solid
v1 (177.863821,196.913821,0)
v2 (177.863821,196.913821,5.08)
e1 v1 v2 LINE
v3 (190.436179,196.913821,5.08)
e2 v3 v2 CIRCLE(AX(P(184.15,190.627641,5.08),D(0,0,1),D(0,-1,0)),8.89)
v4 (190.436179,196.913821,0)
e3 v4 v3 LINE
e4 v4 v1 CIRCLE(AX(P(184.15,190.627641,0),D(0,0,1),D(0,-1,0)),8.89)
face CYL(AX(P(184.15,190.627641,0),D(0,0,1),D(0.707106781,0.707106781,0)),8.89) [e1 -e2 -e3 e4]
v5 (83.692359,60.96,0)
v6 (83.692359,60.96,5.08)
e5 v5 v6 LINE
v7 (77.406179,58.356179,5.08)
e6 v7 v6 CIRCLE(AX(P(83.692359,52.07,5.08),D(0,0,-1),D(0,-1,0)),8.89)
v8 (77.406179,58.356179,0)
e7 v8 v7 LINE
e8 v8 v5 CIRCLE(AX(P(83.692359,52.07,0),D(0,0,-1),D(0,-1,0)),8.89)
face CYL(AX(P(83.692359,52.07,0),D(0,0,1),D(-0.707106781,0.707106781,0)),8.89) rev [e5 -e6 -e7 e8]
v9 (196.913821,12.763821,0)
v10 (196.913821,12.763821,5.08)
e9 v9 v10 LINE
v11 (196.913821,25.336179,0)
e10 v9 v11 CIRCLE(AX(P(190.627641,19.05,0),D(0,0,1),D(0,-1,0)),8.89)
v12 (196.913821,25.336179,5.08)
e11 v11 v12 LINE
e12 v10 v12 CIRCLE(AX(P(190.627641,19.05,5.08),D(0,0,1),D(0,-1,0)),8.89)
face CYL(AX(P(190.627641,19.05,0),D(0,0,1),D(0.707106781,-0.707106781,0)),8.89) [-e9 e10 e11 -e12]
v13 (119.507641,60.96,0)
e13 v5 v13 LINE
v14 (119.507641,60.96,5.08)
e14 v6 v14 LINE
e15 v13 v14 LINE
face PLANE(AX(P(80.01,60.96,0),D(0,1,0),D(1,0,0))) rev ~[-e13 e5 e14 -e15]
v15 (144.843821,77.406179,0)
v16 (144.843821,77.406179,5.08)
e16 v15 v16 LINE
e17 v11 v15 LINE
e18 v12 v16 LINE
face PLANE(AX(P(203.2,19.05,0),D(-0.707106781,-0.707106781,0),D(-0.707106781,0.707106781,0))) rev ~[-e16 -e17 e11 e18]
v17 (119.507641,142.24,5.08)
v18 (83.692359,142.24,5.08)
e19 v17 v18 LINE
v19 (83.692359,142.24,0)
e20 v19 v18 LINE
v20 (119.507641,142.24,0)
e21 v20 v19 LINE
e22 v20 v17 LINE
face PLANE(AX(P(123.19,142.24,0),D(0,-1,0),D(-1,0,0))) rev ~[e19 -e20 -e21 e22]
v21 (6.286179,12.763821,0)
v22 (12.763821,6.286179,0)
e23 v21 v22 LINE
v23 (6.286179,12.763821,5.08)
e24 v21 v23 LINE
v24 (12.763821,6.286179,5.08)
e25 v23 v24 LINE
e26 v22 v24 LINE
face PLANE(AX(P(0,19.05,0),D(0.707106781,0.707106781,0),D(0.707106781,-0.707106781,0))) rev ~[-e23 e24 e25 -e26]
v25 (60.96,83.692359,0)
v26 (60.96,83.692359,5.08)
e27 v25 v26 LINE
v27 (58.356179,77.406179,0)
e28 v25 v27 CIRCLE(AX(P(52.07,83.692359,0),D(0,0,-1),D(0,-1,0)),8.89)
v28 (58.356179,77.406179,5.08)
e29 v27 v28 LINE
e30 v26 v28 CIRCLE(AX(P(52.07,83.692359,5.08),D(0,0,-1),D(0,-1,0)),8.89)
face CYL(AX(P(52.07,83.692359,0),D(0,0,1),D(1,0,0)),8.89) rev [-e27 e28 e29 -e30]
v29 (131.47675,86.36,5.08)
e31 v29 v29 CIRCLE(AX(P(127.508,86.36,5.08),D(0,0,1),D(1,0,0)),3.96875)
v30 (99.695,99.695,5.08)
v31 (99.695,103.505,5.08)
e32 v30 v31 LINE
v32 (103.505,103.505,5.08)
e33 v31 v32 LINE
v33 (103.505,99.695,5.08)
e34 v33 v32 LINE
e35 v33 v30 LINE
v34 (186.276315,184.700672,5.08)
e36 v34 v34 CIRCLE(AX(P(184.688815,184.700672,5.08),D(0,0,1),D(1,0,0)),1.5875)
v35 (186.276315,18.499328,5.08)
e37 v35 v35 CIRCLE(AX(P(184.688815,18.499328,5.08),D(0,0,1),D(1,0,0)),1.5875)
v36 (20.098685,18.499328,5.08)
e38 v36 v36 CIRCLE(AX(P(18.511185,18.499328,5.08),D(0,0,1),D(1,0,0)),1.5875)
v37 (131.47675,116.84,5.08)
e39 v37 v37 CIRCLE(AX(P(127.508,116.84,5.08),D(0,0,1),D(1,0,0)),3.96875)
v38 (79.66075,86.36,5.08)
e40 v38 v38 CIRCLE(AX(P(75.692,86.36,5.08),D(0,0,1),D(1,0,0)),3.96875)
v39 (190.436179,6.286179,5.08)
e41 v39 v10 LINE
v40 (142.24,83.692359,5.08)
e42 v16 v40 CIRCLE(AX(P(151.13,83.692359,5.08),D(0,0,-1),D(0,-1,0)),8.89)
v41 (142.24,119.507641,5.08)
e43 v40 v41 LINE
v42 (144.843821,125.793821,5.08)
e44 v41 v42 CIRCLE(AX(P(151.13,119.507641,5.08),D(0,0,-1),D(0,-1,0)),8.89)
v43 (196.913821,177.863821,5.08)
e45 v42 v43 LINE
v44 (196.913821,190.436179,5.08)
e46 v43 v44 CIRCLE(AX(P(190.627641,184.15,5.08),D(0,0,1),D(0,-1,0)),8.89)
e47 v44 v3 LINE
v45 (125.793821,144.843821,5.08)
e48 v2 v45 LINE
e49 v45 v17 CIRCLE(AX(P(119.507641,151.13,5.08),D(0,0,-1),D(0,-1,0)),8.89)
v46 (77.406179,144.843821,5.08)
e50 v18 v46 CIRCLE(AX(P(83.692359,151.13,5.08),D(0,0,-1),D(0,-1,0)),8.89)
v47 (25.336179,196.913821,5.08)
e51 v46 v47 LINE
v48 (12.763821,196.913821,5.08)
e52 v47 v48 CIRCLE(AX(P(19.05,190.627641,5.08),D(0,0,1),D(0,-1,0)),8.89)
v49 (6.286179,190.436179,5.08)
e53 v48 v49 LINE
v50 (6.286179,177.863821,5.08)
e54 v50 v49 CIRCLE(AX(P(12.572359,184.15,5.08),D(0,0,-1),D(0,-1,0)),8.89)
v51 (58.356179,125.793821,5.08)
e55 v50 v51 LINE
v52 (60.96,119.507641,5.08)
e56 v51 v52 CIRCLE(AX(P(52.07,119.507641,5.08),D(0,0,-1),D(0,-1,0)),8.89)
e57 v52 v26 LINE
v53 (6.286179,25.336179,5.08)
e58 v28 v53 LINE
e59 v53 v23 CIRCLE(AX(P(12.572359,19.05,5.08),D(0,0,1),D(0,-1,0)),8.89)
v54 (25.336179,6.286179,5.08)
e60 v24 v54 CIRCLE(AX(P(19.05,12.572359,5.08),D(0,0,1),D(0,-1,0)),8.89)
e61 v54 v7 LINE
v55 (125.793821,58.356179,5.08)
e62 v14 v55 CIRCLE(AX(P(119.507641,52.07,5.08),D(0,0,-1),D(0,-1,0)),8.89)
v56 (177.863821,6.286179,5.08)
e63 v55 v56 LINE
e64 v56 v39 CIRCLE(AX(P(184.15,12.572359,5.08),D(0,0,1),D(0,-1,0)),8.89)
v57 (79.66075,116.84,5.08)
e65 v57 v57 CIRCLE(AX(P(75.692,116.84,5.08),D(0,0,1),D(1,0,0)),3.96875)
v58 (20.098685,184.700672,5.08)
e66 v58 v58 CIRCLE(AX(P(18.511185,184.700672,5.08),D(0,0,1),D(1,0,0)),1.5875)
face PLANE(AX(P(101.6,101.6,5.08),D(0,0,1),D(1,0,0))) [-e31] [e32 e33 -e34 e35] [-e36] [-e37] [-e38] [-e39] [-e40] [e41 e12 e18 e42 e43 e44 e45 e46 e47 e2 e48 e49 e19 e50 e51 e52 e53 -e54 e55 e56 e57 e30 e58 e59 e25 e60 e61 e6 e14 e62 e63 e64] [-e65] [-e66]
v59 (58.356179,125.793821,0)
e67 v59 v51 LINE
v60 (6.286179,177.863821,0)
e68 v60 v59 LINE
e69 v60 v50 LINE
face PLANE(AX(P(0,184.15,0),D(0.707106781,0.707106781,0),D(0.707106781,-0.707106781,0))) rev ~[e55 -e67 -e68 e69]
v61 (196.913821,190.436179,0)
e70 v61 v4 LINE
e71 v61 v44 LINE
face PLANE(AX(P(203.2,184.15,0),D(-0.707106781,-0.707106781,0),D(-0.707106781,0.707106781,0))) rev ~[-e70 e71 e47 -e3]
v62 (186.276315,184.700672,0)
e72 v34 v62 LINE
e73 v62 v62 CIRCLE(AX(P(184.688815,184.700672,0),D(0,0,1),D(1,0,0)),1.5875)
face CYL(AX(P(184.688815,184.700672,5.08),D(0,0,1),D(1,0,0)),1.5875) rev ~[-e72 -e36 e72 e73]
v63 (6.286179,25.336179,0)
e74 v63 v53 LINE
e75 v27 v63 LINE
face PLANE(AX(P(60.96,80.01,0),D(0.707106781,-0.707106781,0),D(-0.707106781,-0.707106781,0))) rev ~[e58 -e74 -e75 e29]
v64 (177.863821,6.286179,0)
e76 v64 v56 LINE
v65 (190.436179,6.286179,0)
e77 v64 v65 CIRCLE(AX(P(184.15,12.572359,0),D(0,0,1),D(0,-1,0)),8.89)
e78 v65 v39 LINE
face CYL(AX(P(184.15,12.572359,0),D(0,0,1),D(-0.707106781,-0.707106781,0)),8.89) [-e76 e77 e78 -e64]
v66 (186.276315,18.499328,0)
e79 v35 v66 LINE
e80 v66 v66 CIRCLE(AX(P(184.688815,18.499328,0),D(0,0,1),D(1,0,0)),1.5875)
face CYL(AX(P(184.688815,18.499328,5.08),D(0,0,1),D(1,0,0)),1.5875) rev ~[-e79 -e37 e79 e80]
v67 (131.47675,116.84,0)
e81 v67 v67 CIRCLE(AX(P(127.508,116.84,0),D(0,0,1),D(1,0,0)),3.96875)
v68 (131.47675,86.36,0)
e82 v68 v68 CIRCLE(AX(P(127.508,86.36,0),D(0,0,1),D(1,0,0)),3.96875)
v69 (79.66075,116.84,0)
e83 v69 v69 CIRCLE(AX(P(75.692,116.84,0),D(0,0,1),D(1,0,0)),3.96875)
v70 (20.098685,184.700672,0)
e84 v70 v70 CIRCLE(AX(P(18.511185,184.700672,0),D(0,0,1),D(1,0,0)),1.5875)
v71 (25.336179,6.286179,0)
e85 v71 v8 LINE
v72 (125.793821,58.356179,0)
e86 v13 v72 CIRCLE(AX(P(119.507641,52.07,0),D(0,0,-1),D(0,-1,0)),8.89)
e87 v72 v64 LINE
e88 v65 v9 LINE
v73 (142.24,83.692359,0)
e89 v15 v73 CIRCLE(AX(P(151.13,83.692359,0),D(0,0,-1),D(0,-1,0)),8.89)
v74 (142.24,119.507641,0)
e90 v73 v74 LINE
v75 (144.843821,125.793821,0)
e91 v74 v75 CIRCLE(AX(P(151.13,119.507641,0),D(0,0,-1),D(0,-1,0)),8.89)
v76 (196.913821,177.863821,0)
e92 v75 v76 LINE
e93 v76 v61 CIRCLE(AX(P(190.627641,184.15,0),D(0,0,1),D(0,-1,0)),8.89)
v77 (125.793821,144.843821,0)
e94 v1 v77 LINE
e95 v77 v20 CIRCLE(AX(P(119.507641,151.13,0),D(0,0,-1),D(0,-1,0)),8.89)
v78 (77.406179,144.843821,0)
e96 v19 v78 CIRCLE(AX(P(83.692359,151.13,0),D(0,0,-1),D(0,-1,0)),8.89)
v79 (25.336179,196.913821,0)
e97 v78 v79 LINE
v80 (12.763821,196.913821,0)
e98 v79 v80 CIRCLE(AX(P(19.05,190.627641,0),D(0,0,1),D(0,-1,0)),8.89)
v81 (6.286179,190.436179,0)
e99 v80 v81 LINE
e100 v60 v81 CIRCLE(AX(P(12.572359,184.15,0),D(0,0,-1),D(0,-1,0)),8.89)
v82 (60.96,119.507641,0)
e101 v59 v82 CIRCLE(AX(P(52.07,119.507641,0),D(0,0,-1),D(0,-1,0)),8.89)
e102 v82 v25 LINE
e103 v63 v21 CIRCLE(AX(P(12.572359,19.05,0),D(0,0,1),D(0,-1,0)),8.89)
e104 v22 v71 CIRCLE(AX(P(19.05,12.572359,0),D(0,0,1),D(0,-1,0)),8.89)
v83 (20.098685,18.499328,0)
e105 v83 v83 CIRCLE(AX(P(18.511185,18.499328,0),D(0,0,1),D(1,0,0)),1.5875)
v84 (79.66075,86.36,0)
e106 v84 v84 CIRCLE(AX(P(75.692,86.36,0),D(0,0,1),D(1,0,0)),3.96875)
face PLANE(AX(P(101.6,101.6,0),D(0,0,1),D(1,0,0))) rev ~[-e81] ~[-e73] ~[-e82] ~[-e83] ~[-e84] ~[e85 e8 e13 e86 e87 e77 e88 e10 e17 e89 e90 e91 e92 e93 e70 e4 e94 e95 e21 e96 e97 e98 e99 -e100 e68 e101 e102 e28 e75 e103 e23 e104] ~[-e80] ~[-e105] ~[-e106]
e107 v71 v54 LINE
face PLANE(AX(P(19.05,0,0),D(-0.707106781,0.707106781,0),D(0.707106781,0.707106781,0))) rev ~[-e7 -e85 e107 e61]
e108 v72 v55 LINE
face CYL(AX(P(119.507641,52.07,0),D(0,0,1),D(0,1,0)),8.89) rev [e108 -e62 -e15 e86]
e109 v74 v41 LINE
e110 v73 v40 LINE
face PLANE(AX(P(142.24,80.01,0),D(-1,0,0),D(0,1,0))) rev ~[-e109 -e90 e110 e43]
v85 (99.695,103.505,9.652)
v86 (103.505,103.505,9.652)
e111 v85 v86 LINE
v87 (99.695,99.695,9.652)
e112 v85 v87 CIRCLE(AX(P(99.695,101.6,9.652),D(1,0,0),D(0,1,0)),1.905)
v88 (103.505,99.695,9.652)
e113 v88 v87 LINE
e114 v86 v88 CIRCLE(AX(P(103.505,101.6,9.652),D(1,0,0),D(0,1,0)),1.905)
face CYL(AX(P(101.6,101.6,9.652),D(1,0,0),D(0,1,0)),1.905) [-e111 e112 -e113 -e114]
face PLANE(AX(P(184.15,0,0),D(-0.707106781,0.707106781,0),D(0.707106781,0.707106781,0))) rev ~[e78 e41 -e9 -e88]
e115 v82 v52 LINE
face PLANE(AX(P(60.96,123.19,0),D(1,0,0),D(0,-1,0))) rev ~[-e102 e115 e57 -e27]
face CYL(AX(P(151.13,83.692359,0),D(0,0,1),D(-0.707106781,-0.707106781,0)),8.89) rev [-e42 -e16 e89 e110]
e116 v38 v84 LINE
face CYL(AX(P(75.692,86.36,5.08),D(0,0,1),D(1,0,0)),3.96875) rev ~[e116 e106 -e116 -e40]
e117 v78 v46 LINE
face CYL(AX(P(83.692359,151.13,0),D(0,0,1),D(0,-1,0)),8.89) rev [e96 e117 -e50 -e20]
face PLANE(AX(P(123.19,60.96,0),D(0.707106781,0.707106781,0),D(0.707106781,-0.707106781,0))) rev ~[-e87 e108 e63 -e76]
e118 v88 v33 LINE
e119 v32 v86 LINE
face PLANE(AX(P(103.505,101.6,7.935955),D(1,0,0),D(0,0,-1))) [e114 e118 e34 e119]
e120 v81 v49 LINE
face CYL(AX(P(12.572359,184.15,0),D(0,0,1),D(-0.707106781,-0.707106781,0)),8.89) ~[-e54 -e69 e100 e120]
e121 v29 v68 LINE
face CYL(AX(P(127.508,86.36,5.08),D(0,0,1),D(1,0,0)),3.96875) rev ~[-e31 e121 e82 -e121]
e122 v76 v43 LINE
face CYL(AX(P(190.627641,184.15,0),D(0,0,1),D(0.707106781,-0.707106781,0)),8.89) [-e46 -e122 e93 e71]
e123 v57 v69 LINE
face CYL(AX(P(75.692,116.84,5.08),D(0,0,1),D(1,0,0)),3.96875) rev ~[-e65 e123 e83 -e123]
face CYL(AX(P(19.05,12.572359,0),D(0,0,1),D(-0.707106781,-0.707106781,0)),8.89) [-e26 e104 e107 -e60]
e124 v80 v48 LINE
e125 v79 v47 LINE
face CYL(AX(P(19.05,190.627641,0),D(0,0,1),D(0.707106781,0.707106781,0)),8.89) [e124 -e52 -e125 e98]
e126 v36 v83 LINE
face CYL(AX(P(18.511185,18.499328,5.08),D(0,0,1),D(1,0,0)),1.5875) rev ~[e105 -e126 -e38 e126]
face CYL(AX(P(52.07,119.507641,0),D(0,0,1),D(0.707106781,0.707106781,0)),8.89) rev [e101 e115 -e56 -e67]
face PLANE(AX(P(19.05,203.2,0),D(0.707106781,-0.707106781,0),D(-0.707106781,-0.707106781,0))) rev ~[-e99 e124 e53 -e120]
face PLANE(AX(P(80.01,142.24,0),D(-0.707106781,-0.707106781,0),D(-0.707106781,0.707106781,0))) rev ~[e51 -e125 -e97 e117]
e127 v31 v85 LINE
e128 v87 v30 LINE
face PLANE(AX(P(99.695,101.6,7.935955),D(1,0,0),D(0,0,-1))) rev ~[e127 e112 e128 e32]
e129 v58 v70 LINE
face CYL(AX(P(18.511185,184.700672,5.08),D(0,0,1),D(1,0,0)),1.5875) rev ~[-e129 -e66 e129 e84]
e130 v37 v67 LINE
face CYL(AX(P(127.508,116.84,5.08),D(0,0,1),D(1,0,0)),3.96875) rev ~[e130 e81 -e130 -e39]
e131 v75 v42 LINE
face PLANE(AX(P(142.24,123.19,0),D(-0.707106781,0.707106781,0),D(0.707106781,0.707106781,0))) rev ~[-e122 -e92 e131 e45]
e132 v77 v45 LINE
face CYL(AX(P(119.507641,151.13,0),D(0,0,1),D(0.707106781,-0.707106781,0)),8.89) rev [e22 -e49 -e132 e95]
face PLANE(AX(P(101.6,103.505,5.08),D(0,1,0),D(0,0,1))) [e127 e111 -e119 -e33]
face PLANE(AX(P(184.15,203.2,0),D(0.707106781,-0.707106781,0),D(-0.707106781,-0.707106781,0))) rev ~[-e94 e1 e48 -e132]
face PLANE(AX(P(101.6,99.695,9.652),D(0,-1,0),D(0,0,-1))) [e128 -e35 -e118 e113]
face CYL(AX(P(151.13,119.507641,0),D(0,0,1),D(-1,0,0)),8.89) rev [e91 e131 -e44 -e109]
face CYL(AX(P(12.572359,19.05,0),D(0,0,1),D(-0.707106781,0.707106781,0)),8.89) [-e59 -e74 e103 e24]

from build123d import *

# Parameters (mm, degrees)
BOSS_EXTRUDE1_DEPTH = 5.08
FILLET1_R           = 8.89
SKETCH2_R           = 3.96875
CUT_EXTRUDE1_DEPTH  = 6.08
SKETCH3_R           = 1.5875
CUT_EXTRUDE2_DEPTH  = 6.08
BOSS_EXTRUDE3_DEPTH = 1.905


with BuildPart() as part:
    # Sketch1 → Boss-Extrude1 (new body)
    with BuildSketch(Plane.XY):
        Polygon((0, 184.15), (60.96, 123.19), (60.96, 80.01), (0, 19.05), (19.05, 0), (80.01, 60.96), (123.19, 60.96), (184.15, 0), (203.2, 19.05), (142.24, 80.01), (142.24, 123.19), (203.2, 184.15), (184.15, 203.2), (123.19, 142.24), (80.01, 142.24), (19.05, 203.2), align=None)
    extrude(amount=BOSS_EXTRUDE1_DEPTH)

    # Fillet1
    fillet1_edges = [part.edges().sort_by_distance(p)[0] for p in [
        (19.05, 203.2, 2.54),
        (80.01, 142.24, 2.54),
        (123.19, 142.24, 2.54),
        (184.15, 203.2, 2.54),
        (203.2, 184.15, 2.54),
        (142.24, 123.19, 2.54),
        (142.24, 80.01, 2.54),
        (203.2, 19.05, 2.54),
        (184.15, 0, 2.54),
        (123.19, 60.96, 2.54),
        (80.01, 60.96, 2.54),
        (19.05, 0, 2.54),
        (0, 19.05, 2.54),
        (60.96, 80.01, 2.54),
        (60.96, 123.19, 2.54),
        (0, 184.15, 2.54),
    ]]
    fillet(fillet1_edges, radius=FILLET1_R)

    # Sketch2 → Cut-Extrude1 (cut, through all)
    with BuildSketch(Plane.XY.offset(5.08)):
        with Locations((127.508, 86.36)):
            Circle(SKETCH2_R)
        with Locations((127.508, 116.84)):
            Circle(SKETCH2_R)
        with Locations((75.692, 86.36)):
            Circle(SKETCH2_R)
        with Locations((75.692, 116.84)):
            Circle(SKETCH2_R)
    extrude(amount=-CUT_EXTRUDE1_DEPTH, mode=Mode.SUBTRACT)

    # Sketch3 → Cut-Extrude2 (cut, through all)
    with BuildSketch(Plane.XY.offset(5.08)):
        with Locations((184.688815367, 184.700672391)):
            Circle(SKETCH3_R)
        with Locations((18.511184633, 184.700672391)):
            Circle(SKETCH3_R)
        with Locations((18.511184633, 18.499327609)):
            Circle(SKETCH3_R)
        with Locations((184.688815367, 18.499327609)):
            Circle(SKETCH3_R)
    extrude(amount=-CUT_EXTRUDE2_DEPTH, mode=Mode.SUBTRACT)

    # Sketch5 → Boss-Extrude3 (add, symmetric)
    with BuildSketch(Plane(origin=(101.6, 0, 0), x_dir=(0, 0, -1), z_dir=(1, 0, 0))):
        with BuildLine():
            Line((-5.08, 99.695), (-5.08, 103.505))
            Line((-5.08, 103.505), (-9.652, 103.505))
            ThreePointArc((-9.652, 103.505), (-11.557, 101.6), (-9.652, 99.695))
            Line((-9.652, 99.695), (-5.08, 99.695))
        make_face()
    extrude(amount=BOSS_EXTRUDE3_DEPTH, both=True)


solid = part.part
